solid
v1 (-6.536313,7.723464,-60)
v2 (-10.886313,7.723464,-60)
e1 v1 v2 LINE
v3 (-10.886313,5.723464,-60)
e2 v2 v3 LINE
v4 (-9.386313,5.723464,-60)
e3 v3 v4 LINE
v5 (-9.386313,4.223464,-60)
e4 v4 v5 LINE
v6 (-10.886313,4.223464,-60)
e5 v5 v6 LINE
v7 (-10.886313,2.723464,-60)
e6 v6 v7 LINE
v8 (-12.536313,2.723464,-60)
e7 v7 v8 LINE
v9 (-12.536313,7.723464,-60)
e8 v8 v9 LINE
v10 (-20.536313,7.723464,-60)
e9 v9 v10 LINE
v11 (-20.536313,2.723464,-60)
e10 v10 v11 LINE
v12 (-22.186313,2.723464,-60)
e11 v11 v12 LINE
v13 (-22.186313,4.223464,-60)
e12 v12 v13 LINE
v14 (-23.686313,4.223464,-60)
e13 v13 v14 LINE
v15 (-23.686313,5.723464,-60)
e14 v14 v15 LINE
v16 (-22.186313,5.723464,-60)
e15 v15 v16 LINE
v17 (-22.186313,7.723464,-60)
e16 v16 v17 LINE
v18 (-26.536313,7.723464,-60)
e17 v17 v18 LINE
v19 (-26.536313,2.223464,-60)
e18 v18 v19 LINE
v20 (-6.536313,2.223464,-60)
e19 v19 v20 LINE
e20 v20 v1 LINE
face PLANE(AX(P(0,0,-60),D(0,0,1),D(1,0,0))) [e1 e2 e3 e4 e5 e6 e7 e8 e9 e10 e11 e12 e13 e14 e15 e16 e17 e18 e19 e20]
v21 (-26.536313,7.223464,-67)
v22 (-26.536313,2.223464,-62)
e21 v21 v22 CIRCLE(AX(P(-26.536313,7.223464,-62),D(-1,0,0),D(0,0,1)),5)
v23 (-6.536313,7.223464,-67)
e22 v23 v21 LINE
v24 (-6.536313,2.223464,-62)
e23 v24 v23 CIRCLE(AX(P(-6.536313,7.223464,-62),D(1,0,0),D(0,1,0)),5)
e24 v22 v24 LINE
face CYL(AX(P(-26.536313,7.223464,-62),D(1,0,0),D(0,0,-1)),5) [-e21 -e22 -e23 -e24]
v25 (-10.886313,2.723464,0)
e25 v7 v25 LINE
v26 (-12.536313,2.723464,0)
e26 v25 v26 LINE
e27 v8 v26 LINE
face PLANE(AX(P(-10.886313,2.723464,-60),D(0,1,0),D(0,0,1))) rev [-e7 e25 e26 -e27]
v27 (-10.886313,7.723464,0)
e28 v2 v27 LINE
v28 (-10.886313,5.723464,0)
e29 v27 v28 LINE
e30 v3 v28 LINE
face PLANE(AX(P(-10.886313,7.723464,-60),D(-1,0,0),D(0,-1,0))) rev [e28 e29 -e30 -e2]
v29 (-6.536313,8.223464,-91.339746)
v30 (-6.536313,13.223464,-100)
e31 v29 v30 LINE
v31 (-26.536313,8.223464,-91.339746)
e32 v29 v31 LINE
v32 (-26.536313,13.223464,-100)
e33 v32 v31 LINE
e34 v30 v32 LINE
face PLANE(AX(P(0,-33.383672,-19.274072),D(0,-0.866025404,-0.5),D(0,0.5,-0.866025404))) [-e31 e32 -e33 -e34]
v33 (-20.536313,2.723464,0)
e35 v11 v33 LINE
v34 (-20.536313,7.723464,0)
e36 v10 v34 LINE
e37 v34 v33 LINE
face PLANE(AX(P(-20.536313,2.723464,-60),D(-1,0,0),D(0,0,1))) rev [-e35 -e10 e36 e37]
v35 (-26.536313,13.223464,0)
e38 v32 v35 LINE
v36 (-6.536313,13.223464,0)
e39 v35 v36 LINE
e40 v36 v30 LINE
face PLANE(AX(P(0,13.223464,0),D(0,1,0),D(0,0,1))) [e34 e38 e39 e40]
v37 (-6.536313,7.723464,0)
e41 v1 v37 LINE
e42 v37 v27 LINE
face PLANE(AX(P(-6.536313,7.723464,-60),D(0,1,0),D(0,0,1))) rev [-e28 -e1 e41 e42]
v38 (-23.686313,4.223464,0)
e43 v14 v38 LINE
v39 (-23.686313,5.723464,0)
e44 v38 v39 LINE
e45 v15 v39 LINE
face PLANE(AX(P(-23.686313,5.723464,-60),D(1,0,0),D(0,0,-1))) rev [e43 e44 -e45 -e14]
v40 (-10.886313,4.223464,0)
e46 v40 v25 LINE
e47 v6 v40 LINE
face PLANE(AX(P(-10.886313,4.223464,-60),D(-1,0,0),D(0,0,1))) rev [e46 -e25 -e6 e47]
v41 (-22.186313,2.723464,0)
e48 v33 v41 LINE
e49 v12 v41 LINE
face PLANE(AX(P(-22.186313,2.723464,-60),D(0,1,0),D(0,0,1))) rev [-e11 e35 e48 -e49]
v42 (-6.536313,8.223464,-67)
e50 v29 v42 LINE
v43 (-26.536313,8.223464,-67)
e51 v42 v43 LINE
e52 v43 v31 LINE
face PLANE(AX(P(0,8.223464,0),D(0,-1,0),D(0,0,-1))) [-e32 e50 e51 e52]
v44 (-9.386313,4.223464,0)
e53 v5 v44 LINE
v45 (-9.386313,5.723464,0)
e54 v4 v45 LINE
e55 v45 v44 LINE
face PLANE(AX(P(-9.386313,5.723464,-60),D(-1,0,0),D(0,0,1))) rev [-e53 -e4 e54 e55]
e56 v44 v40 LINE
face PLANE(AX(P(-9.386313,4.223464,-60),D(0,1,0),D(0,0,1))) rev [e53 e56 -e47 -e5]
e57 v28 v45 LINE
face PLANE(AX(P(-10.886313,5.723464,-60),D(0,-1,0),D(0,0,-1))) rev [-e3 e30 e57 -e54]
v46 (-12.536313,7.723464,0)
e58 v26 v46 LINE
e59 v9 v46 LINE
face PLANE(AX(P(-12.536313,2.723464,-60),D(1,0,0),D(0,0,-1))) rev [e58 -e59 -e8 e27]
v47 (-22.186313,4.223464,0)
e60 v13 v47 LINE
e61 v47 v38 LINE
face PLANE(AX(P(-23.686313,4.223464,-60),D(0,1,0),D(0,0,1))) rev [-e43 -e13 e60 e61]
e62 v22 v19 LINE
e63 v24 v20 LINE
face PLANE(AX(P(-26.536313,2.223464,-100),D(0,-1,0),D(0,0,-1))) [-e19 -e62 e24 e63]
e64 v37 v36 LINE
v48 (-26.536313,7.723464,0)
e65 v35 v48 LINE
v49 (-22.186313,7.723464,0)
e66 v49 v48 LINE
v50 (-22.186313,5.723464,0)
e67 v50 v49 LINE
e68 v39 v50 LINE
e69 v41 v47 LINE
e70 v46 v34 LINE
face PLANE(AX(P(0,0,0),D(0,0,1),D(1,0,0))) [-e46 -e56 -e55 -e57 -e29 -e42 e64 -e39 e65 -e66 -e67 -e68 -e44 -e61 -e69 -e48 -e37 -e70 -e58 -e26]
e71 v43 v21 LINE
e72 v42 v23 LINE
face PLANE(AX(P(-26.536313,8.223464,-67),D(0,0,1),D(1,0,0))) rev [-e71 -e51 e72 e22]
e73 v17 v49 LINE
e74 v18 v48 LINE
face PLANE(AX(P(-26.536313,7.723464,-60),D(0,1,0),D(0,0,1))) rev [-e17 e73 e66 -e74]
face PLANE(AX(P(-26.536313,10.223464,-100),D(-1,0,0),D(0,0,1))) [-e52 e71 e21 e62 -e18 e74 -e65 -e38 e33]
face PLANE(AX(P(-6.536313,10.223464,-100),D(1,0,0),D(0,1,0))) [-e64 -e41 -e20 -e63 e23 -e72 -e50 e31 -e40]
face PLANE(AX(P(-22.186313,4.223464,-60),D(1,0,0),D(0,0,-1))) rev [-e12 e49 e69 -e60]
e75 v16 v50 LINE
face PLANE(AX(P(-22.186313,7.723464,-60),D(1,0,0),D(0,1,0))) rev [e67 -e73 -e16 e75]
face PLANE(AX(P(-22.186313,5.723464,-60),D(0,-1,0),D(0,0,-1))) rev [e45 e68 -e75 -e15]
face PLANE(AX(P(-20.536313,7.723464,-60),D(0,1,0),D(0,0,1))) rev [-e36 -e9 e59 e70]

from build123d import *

# Parameters (mm, degrees)
SKETCH1_W           = 20
SKETCH1_H           = 8
BOSS_EXTRUDE1_DEPTH = 100
CUT_EXTRUDE1_DEPTH  = 60
SKETCH3_W           = 20
SKETCH3_H           = 100
BOSS_EXTRUDE2_DEPTH = 3
SKETCH13_W          = 46.736094472
SKETCH13_H          = 63.842099498
CUT_EXTRUDE5_DEPTH  = 30
SKETCH15_W          = 20
SKETCH15_H          = 30
CUT_EXTRUDE6_DEPTH  = 6
FILLET1_R           = 5


with BuildPart() as part:
    # Sketch1 → Boss-Extrude1 (new body)
    with BuildSketch(Plane.XY):
        with Locations((-16.536312849, 6.223463687)):
            Rectangle(SKETCH1_W, SKETCH1_H)
    extrude(amount=-BOSS_EXTRUDE1_DEPTH)

    # Sketch2 → Cut-Extrude1 (cut)
    with BuildSketch(Plane.XY):
        Polygon((-26.536312849, 7.723463687), (-22.186312849, 7.723463687), (-22.186312849, 5.723463687), (-23.686312849, 5.723463687), (-23.686312849, 4.223463687), (-22.186312849, 4.223463687), (-22.186312849, 2.723463687), (-20.536312849, 2.723463687), (-20.536312849, 7.723463687), (-12.536312849, 7.723463687), (-12.536312849, 2.723463687), (-10.886312849, 2.723463687), (-10.886312849, 4.223463687), (-9.386312849, 4.223463687), (-9.386312849, 5.723463687), (-10.886312849, 5.723463687), (-10.886312849, 7.723463687), (-6.536312849, 7.723463687), (-6.536312849, 2.223463687), (-26.536312849, 2.223463687), align=None)
    extrude(amount=-CUT_EXTRUDE1_DEPTH, mode=Mode.SUBTRACT)

    # Sketch3 → Boss-Extrude2 (add)
    with BuildSketch(Plane(origin=(0, 10.223463687, 0), x_dir=(1, 0, 0), z_dir=(0, 1, 0))):
        with Locations((-16.536312849, 50)):
            Rectangle(SKETCH3_W, SKETCH3_H)
    extrude(amount=BOSS_EXTRUDE2_DEPTH)

    # Sketch13 → Cut-Extrude5 (cut)
    with BuildSketch(Plane(origin=(0, -33.383672424, -19.27407226), x_dir=(-1, 0, 0), z_dir=(0, 0.866025403784438, 0.500000000000001))):
        with Locations((16.217588554, -100.321082734)):
            Rectangle(SKETCH13_W, SKETCH13_H)
    extrude(amount=-CUT_EXTRUDE5_DEPTH, mode=Mode.SUBTRACT)

    # Sketch15 → Cut-Extrude6 (cut)
    with BuildSketch(Plane.XZ.offset(-2.223463687)):
        with Locations((-16.536312849, -82)):
            Rectangle(SKETCH15_W, SKETCH15_H)
    extrude(amount=-CUT_EXTRUDE6_DEPTH, mode=Mode.SUBTRACT)

    # Fillet1
    fillet1_edges = [part.edges().sort_by_distance(p)[0] for p in [
        (-16.536312849, 2.223463687, -67),
    ]]
    fillet(fillet1_edges, radius=FILLET1_R)


solid = part.part
